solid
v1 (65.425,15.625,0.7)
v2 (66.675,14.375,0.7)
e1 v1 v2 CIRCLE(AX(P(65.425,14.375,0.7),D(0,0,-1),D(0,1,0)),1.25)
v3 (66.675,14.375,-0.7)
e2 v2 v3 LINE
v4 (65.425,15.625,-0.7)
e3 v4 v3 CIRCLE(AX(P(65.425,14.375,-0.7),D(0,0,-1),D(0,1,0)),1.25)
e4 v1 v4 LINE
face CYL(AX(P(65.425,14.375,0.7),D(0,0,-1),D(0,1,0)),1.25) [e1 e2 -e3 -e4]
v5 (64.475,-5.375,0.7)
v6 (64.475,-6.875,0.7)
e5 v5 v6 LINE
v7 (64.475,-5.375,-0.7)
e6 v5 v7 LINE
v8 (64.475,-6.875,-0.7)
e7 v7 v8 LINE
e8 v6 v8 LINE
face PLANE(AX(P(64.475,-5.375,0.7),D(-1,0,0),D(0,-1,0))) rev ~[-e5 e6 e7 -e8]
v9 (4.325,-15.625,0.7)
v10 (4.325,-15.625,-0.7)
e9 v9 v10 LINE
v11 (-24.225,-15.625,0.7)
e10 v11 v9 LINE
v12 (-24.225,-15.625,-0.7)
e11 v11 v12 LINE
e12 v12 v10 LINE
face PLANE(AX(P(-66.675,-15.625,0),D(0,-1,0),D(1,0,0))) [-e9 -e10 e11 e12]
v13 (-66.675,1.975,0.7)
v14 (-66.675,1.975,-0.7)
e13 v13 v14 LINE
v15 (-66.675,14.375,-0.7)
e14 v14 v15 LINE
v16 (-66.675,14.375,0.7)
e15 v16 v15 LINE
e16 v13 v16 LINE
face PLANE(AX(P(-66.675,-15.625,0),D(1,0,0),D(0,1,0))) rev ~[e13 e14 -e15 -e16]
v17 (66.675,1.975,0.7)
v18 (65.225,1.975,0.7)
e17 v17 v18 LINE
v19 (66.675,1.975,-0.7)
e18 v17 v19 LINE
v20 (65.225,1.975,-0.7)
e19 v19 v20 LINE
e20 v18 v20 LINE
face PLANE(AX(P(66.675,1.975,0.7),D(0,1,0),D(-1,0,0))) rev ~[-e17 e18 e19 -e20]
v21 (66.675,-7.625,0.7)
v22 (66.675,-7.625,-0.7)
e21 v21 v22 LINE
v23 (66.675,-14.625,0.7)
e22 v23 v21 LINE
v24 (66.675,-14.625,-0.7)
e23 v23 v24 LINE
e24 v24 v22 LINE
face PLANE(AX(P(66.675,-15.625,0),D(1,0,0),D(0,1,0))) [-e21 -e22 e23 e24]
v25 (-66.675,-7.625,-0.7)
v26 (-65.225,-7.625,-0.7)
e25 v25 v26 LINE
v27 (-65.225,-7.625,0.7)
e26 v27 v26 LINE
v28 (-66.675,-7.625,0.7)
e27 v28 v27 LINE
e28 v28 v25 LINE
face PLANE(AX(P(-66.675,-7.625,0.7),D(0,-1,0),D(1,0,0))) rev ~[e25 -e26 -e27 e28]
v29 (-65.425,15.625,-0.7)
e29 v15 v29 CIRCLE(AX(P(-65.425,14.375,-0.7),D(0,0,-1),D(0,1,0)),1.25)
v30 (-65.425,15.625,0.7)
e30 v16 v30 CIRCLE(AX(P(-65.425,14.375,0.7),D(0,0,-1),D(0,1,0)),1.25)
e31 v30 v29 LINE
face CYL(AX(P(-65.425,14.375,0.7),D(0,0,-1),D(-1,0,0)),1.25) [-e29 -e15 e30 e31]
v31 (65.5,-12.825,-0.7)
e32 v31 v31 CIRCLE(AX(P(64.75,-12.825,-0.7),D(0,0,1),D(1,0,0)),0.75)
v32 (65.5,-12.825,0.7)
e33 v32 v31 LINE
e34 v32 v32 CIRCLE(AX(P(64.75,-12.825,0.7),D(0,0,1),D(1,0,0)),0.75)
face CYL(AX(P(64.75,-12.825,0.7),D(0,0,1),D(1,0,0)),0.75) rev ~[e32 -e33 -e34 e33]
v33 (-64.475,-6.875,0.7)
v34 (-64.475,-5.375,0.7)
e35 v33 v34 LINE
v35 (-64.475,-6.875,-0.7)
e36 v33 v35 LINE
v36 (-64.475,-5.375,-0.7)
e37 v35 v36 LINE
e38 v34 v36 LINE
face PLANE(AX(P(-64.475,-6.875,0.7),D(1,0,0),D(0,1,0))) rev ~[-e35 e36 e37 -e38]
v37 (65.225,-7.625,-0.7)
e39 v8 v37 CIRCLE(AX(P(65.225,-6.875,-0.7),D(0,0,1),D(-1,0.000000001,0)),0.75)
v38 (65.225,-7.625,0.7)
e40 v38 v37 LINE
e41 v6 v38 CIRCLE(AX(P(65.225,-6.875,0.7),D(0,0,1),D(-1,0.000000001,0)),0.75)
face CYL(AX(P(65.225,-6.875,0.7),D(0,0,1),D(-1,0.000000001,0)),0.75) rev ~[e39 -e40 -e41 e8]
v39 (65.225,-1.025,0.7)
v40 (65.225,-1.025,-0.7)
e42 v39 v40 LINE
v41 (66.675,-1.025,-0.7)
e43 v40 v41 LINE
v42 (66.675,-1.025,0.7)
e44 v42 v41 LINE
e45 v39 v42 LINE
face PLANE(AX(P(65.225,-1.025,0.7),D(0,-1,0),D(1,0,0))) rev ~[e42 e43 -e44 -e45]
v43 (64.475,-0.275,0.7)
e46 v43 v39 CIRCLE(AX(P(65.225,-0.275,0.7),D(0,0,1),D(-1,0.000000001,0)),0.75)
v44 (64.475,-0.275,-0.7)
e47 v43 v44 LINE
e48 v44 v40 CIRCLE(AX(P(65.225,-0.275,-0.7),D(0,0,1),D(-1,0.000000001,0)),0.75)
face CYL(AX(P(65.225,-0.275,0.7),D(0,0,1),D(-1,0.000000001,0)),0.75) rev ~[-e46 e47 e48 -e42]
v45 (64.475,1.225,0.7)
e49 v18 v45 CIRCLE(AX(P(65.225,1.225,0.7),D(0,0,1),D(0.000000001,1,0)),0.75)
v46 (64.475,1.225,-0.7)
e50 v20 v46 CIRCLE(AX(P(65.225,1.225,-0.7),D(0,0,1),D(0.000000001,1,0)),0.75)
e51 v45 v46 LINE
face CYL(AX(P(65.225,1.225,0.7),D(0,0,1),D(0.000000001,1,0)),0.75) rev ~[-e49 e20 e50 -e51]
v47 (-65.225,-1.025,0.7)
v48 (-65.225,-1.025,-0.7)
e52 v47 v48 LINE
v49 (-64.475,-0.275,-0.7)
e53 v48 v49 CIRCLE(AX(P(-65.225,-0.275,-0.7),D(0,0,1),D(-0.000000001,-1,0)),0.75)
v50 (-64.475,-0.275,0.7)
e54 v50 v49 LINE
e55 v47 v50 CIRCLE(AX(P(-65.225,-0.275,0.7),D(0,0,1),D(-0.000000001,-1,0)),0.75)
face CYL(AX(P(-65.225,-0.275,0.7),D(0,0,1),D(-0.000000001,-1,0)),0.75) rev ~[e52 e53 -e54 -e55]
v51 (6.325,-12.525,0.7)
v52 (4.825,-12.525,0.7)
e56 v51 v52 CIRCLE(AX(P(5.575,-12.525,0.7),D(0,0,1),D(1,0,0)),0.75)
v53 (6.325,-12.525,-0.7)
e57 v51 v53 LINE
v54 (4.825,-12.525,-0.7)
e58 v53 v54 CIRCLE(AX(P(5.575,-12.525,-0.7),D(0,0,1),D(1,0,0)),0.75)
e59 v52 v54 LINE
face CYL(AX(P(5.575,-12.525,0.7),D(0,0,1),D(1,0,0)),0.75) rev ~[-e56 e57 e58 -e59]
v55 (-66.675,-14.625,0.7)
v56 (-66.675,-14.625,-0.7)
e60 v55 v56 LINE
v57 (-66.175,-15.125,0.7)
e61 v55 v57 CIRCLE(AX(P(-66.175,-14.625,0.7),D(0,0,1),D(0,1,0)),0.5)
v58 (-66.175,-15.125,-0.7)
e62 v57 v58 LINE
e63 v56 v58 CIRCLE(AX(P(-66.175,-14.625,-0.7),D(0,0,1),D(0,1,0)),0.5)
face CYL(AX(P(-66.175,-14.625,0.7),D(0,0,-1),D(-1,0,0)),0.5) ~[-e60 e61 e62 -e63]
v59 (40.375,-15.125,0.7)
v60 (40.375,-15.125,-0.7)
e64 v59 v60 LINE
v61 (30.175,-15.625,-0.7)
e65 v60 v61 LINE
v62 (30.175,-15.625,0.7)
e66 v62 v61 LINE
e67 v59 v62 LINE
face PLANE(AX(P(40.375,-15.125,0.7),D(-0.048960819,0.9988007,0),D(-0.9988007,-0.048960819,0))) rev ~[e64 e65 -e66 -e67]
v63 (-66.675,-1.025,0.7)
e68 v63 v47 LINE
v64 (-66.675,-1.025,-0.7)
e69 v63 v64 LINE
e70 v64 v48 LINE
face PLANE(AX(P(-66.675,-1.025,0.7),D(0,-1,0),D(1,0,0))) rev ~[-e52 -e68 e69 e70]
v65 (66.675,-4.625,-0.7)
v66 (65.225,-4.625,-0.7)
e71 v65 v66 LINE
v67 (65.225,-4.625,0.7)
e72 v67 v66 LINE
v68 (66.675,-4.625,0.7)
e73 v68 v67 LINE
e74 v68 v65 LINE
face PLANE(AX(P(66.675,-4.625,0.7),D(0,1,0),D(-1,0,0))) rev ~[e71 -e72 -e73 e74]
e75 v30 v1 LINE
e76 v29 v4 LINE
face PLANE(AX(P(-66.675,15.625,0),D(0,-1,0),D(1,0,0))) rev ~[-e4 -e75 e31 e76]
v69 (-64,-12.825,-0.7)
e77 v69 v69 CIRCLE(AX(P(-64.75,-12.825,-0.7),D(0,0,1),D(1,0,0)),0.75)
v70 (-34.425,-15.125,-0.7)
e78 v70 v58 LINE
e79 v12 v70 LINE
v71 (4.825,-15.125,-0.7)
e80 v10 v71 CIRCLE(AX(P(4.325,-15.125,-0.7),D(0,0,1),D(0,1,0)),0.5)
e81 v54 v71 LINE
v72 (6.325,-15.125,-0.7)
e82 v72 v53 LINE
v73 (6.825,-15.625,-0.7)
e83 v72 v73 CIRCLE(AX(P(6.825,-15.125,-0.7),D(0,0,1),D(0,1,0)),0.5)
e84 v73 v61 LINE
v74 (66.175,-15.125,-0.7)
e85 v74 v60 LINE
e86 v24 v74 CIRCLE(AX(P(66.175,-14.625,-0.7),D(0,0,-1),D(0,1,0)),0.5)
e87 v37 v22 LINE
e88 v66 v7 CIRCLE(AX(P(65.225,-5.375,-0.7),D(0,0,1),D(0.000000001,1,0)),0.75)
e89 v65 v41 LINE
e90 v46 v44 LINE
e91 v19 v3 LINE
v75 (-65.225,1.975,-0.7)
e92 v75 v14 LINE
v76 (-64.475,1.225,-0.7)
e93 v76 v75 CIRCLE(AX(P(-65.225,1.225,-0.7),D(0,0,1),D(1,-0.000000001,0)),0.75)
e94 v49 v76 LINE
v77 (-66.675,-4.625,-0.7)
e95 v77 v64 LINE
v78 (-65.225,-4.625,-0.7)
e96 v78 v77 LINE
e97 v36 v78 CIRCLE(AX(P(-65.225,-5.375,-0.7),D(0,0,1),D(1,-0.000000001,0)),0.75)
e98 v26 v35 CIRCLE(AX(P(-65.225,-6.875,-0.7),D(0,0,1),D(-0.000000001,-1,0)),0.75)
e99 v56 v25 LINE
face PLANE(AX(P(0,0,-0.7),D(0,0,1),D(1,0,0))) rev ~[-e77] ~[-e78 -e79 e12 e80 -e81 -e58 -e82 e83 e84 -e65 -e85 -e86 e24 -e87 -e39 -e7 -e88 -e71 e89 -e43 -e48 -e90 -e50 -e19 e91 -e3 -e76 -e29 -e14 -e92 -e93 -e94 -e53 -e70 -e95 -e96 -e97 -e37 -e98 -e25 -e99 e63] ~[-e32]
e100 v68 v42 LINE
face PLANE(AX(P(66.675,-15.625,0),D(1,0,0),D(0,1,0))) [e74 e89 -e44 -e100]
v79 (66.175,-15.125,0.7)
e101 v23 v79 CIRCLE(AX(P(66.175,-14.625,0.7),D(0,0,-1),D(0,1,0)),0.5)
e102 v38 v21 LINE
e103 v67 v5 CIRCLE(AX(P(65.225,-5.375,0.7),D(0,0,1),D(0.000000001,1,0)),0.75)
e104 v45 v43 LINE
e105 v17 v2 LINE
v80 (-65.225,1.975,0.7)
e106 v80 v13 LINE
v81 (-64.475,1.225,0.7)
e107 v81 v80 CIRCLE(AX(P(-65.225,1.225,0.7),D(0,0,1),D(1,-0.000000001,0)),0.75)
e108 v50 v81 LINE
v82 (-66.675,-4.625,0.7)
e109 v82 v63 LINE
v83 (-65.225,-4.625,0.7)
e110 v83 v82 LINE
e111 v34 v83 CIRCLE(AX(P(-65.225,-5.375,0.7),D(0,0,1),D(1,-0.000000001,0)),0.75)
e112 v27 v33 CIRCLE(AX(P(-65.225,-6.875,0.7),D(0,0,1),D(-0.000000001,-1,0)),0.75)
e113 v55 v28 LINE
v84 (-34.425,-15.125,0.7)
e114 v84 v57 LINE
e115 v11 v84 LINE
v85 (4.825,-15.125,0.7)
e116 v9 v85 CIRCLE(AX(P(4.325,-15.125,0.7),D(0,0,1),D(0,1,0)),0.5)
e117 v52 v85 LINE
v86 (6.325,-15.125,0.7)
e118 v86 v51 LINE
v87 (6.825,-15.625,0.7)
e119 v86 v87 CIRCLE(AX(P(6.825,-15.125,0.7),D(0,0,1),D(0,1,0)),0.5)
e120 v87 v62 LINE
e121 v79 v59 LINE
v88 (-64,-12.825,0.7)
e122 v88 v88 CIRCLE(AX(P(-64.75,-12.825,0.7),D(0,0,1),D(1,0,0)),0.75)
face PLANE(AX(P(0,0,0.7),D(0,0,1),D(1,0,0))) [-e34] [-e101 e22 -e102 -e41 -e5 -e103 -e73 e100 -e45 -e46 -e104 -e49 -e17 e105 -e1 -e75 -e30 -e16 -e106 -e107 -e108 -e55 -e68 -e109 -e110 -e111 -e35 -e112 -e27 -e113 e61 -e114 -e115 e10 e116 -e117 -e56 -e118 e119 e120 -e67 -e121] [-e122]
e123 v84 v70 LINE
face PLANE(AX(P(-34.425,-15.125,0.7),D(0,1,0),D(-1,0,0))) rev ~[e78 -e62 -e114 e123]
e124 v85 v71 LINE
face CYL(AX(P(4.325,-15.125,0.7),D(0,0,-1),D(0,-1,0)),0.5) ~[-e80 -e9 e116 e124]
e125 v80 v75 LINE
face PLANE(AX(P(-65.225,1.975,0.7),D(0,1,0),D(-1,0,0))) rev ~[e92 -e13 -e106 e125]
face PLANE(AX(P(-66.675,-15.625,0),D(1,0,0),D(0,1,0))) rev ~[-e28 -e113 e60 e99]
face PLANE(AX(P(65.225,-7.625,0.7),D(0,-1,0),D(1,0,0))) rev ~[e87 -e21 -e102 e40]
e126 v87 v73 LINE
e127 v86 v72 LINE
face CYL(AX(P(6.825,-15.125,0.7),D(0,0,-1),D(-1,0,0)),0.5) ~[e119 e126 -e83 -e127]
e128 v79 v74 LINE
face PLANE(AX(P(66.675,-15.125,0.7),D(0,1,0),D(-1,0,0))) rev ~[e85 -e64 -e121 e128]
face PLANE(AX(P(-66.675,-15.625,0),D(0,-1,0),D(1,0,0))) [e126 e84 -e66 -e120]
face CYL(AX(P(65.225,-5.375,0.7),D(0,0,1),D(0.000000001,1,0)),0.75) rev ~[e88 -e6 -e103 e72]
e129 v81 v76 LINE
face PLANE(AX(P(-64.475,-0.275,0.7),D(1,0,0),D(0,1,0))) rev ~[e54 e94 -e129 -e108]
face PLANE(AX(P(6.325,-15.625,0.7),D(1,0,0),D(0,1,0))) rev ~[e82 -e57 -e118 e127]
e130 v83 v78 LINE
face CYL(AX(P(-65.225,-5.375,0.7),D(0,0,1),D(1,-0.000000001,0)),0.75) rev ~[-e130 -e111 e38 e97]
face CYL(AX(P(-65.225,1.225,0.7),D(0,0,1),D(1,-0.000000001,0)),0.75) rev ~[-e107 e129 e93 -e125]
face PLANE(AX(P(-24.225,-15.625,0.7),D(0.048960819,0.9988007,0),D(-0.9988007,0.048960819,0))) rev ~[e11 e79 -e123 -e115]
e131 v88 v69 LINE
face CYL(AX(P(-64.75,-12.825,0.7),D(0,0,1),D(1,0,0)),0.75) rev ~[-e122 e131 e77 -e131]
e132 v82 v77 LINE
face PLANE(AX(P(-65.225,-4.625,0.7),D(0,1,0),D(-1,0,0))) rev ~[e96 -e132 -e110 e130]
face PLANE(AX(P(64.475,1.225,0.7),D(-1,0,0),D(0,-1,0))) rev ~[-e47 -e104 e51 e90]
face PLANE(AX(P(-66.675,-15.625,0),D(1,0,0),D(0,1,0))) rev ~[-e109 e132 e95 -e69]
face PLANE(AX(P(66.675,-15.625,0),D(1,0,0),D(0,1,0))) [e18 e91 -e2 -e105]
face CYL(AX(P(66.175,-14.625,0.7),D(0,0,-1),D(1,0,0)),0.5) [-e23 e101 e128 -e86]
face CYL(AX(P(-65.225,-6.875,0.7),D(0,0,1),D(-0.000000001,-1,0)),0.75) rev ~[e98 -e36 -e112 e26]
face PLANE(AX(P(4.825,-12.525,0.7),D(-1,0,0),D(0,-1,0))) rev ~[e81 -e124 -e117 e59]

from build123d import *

# Parameters (mm, degrees)
SKETCH1_W           = 133.35
SKETCH1_H           = 31.25
BOSS_EXTRUDE1_DEPTH = 0.7
SKETCH2_R           = 0.75
CUT_EXTRUDE1_DEPTH  = 1.4
FILLET1_R           = 1.25
FILLET2_R           = 0.5


with BuildPart() as part:
    # Sketch1 → Boss-Extrude1 (new body, symmetric)
    with BuildSketch(Plane.XY):
        Rectangle(SKETCH1_W, SKETCH1_H)
    extrude(amount=BOSS_EXTRUDE1_DEPTH, both=True)

    # Sketch2 → Cut-Extrude1 (cut)
    with BuildSketch(Plane.XY.offset(0.7)):
        Polygon((66.675, -15.625), (66.675, -15.125), (40.375, -15.125), (30.175, -15.625), align=None)
        Polygon((-34.425, -15.125), (-66.675, -15.125), (-66.675, -15.625), (-24.225, -15.625), align=None)
        with BuildLine():
            Line((-65.225, 1.975), (-66.675, 1.975))
            Line((-66.675, 1.975), (-66.675, -1.025))
            Line((-66.675, -1.025), (-65.225, -1.025))
            ThreePointArc((-65.225, -1.025), (-64.694669914, -0.805330086), (-64.475, -0.275))
            Line((-64.475, -0.275), (-64.475, 1.225))
            ThreePointArc((-64.475, 1.225), (-64.694669914, 1.755330086), (-65.225, 1.975))
        make_face()
        with BuildLine():
            Line((-65.225, -4.625), (-66.675, -4.625))
            Line((-66.675, -4.625), (-66.675, -7.625))
            Line((-66.675, -7.625), (-65.225, -7.625))
            ThreePointArc((-65.225, -7.625), (-64.694669914, -7.405330086), (-64.475, -6.875))
            Line((-64.475, -6.875), (-64.475, -5.375))
            ThreePointArc((-64.475, -5.375), (-64.694669914, -4.844669914), (-65.225, -4.625))
        make_face()
        with BuildLine():
            Line((66.675, -1.025), (66.675, 1.975))
            Line((66.675, 1.975), (65.225, 1.975))
            ThreePointArc((65.225, 1.975), (64.694669914, 1.755330086), (64.475, 1.225))
            Line((64.475, 1.225), (64.475, -0.275))
            ThreePointArc((64.475, -0.275), (64.694669914, -0.805330086), (65.225, -1.025))
            Line((65.225, -1.025), (66.675, -1.025))
        make_face()
        with BuildLine():
            Line((66.675, -7.625), (66.675, -4.625))
            Line((66.675, -4.625), (65.225, -4.625))
            ThreePointArc((65.225, -4.625), (64.694669914, -4.844669914), (64.475, -5.375))
            Line((64.475, -5.375), (64.475, -6.875))
            ThreePointArc((64.475, -6.875), (64.694669914, -7.405330086), (65.225, -7.625))
            Line((65.225, -7.625), (66.675, -7.625))
        make_face()
        with BuildLine():
            Line((4.825, -15.625), (6.325, -15.625))
            Line((6.325, -15.625), (6.325, -12.525))
            ThreePointArc((6.325, -12.525), (5.575, -11.775), (4.825, -12.525))
            Line((4.825, -12.525), (4.825, -15.625))
        make_face()
        with Locations((-64.75, -12.825)):
            Circle(SKETCH2_R)
        with Locations((64.75, -12.825)):
            Circle(SKETCH2_R)
    extrude(amount=-CUT_EXTRUDE1_DEPTH, mode=Mode.SUBTRACT)

    # Fillet1
    fillet1_edges = [part.edges().sort_by_distance(p)[0] for p in [
        (-66.675, 15.625, 0),
        (66.675, 15.625, 0),
    ]]
    fillet(fillet1_edges, radius=FILLET1_R)

    # Fillet2
    fillet2_edges = [part.edges().sort_by_distance(p)[0] for p in [
        (6.325, -15.625, 0),
        (4.825, -15.625, 0),
        (40.375, -15.125, 0),
        (66.675, -15.125, 0),
        (30.175, -15.625, 0),
        (-34.425, -15.125, 0),
        (-24.225, -15.625, 0),
        (-66.675, -15.125, 0),
    ]]
    fillet(fillet2_edges, radius=FILLET2_R)


solid = part.part
